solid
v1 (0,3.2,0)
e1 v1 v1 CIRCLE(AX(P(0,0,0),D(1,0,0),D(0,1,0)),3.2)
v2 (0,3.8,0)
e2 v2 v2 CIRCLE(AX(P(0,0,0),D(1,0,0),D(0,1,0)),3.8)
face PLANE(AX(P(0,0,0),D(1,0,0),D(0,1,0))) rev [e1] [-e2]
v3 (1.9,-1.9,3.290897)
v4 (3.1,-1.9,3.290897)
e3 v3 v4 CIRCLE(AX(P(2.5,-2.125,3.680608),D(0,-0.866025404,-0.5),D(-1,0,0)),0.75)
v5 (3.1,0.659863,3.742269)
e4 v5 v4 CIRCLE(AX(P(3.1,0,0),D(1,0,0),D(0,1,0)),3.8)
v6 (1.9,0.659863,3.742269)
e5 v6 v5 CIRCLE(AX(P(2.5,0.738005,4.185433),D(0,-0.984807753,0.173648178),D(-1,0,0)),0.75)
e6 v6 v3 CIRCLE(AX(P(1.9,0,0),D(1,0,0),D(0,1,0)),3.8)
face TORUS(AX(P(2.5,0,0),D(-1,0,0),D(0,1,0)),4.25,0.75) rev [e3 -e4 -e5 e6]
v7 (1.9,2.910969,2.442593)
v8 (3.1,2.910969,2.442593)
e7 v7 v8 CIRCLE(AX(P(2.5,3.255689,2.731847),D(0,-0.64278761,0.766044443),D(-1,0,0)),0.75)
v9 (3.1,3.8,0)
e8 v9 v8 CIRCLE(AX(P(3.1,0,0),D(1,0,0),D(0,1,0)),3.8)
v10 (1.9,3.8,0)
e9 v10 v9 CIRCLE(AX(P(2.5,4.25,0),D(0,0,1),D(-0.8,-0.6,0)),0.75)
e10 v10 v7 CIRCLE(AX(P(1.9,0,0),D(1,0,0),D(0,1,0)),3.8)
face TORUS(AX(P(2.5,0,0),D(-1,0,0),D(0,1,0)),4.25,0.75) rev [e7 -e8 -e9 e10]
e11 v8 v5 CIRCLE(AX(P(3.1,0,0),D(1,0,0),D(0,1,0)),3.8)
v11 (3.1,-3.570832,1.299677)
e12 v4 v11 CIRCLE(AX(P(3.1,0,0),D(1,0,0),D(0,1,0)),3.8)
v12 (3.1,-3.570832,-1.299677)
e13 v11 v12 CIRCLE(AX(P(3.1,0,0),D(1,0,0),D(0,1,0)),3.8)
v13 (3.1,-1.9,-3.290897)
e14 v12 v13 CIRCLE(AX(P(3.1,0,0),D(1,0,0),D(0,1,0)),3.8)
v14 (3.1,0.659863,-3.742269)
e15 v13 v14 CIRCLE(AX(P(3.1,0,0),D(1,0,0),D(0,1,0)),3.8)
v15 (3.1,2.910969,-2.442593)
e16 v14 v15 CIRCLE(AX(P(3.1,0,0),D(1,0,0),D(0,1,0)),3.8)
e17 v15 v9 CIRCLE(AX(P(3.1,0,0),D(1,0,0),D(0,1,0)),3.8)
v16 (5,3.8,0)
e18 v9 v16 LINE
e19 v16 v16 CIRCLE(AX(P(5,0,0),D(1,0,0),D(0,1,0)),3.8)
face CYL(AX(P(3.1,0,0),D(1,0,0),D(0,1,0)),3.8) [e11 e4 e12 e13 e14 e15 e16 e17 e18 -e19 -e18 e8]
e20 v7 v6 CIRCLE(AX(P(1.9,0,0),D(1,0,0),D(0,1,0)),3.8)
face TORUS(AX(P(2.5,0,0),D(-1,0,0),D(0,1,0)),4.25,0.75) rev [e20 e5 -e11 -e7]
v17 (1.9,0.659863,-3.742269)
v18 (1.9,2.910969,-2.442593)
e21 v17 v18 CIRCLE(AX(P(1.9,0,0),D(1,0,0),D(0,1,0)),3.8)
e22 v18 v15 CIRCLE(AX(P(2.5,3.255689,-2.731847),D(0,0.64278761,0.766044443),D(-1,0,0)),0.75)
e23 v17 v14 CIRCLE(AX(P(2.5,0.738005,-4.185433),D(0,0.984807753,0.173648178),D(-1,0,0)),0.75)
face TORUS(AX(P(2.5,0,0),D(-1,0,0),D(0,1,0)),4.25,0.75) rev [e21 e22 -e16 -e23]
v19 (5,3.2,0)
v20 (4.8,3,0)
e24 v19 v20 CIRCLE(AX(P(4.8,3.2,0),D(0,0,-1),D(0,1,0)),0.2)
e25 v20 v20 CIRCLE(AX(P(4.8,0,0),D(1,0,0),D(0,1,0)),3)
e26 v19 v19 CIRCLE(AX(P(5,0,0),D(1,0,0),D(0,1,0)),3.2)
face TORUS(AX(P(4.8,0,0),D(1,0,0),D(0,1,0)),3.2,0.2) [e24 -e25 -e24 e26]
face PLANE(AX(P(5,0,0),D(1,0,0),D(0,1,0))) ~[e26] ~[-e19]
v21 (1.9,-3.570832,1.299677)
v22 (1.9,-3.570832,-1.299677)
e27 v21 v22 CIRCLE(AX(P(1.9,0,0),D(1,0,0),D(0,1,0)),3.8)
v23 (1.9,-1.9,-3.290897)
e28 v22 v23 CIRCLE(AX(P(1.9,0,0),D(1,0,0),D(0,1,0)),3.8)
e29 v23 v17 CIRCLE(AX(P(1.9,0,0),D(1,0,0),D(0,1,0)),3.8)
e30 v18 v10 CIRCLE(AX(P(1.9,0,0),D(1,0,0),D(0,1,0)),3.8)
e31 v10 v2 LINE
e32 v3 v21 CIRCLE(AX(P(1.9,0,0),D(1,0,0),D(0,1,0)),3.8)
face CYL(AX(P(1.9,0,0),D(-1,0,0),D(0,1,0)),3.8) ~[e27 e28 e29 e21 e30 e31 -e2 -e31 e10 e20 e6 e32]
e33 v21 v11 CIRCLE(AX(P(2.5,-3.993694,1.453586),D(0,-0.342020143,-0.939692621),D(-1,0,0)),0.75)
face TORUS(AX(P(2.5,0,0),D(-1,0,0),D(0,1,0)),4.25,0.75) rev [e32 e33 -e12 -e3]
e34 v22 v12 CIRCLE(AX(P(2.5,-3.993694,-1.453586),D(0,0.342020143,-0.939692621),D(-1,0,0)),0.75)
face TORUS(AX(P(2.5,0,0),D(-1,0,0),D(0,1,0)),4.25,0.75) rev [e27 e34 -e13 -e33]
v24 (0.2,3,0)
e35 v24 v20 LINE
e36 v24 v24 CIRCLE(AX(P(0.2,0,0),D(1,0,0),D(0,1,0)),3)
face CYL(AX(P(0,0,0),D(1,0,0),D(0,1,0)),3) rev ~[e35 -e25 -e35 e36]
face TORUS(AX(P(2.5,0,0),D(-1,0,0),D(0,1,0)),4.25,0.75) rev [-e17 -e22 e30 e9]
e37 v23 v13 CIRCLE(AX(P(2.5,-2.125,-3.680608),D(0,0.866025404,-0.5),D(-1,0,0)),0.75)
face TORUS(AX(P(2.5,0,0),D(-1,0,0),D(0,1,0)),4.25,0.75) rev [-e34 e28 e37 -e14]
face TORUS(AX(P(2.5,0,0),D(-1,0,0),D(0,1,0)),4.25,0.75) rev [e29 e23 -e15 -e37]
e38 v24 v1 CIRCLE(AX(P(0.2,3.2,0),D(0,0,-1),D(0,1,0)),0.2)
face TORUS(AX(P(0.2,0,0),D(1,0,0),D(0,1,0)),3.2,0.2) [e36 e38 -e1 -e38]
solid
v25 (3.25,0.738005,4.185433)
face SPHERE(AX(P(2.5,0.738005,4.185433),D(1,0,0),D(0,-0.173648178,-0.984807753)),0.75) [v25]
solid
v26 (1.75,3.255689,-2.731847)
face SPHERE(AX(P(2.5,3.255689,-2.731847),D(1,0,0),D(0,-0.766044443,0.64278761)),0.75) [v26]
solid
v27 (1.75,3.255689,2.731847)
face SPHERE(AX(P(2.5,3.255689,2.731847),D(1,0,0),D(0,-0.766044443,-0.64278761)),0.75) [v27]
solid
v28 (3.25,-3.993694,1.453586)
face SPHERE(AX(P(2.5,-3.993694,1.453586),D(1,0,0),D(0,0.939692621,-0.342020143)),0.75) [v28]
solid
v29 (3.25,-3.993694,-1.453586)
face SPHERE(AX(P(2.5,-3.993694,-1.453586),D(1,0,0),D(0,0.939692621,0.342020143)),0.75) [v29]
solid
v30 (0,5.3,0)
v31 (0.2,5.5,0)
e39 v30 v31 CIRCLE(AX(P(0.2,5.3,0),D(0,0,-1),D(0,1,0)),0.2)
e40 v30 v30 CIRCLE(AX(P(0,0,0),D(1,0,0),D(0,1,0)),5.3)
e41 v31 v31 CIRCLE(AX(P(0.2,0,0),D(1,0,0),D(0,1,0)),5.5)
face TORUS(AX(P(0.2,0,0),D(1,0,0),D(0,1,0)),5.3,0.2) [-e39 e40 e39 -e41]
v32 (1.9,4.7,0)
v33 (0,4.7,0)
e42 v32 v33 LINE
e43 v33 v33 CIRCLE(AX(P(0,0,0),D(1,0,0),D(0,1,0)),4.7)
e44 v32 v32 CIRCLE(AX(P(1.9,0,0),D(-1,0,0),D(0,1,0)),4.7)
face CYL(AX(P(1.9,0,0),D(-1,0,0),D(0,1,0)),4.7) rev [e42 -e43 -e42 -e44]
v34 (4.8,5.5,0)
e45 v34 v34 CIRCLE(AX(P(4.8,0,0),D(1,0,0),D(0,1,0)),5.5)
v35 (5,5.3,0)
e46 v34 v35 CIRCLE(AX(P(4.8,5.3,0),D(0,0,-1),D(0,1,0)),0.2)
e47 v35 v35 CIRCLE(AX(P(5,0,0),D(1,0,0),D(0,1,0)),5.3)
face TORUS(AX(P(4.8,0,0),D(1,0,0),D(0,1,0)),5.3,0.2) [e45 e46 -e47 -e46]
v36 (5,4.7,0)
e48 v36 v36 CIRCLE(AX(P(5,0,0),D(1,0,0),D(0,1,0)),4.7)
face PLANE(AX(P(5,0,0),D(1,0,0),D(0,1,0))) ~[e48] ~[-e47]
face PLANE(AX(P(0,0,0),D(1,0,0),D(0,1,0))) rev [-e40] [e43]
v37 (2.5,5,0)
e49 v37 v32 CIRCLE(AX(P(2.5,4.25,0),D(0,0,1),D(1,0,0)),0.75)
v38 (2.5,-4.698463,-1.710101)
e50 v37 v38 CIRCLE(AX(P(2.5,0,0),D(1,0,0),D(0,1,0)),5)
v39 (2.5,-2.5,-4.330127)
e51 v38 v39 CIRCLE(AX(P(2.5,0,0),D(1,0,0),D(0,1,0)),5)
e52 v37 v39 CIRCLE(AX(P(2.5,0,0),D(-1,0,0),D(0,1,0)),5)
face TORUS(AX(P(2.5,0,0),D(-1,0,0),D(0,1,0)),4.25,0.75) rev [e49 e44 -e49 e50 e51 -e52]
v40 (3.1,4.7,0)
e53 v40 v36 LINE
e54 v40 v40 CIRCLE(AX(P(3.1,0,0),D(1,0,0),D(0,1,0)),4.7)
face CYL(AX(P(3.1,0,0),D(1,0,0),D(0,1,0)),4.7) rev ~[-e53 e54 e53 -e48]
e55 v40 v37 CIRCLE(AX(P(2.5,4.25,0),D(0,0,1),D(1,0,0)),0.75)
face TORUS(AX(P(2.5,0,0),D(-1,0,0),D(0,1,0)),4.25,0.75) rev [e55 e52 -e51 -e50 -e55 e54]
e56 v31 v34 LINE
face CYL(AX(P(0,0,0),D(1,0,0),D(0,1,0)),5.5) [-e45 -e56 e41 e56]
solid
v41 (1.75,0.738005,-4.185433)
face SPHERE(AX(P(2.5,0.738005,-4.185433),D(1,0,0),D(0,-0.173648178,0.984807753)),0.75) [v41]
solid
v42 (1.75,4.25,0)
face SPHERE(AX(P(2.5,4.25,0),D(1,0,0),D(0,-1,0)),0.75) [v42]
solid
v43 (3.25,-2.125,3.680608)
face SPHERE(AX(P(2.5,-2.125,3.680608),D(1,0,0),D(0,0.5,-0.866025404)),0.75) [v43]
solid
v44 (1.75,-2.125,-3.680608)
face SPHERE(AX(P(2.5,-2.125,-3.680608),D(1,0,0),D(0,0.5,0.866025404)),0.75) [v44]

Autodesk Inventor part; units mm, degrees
ref_plane "YZ Plane" through (0, 0, 0) normal (1, 0, 0) x (0, 1, 0)
ref_plane "XZ Plane" through (0, 0, 0) normal (0, 1, 0) x (-1, 0, 0)
ref_plane "XY Plane" through (0, 0, 0) normal (0, 0, 1) x (1, 0, 0)
sketch "Skizze" plane through (0, 0, 0) normal (0, 0, 1) x (1, 0, 0)
  circle A0 centre (2.5, 4.25) radius 0.75
  line L0 (1.75, 4.25) -> (3.25, 4.25)
  line L1 (2.5, 4.25) -> (2.5, 3.5)
  line L2 (1.9, 3.8) -> (0, 3.8)
  line L3 (0, 3) -> (5, 3)
  line L4 (1.9, 4.7) -> (0, 4.7)
  line L5 (0, 5.5) -> (5, 5.5)
  line L6 (3.1, 3.8) -> (5, 3.8)
  line L7 (3.1, 4.7) -> (5, 4.7)
  line L8 (5, 4.7) -> (5, 5.5)
  line L9 (5, 3) -> (5, 3.8)
  line L10 (2.5, 4.25) -> (2.5, 5)
  line L11 (-1, 0) -> (6, 0) projected
  line L12 (0, 2.1) -> (0, 8.4) projected
  dimension "d3" = 1.5
  dimension "d8" = 6
  dimension "d10" = 7.6
  dimension "d12" = 9.4
  dimension "d13" = 11
  dimension "d14" = 8.5
  dimension "d15" = 5
revolve "Körper" add sketch "Skizze" angle 360 about axis through (-10, 0, 0) along (1, 0, 0) contours A0 L4 L12 L5 L8 L7 | L6 L9 L3 L12 L2 A0
fillet "Rundung1" radius 0.2 4 edges at (5, -3, 0) (0, -3, 0) (0, -5.5, 0) (5, -5.5, 0)
revolve "Kugel" add sketch "Skizze" angle 360 about axis through (1.75, 4.25, 0) along (1, 0, 0) contours A0 L1 L0 | L1 A0 L0
pattern_circular "Kugeln" count 9 over 360 about axis through (-10, 0, 0) along (1, 0, 0) of "Kugel"
equation "\"d3\" = DDB"
equation "\"d8\" = WD"
equation "\"d10\" = KID1"
equation "\"d12\" = KAD1"
equation "\"d13\" = BD"
equation "\"d14\" = DDA"
equation "\"d15\" = KB"
equation "\"d0\" = KRS"
equation "\"WD\" = 6"
equation "\"BD\" = 11"
equation "\"KB\" = 5"
equation "\"KRS\" = 0.2"
equation "\"KID1\" = DDA - 0.6 * DDB"
equation "\"KAD1\" = DDA + 0.6 * DDB"
equation "\"DDA\" = 0.5 * WD + 0.5 * BD"
equation "\"DDB\" = -0.3 * WD + 0.3 * BD"
equation "\"WR\" = 0.5 * WD"
equation "\"BR\" = 0.5 * BD"
equation "\"BBA\" = 0"
properties part number "DIN 625 T1 - 619/6 - 6 x 15 x 5" material "Stahl, weich"
